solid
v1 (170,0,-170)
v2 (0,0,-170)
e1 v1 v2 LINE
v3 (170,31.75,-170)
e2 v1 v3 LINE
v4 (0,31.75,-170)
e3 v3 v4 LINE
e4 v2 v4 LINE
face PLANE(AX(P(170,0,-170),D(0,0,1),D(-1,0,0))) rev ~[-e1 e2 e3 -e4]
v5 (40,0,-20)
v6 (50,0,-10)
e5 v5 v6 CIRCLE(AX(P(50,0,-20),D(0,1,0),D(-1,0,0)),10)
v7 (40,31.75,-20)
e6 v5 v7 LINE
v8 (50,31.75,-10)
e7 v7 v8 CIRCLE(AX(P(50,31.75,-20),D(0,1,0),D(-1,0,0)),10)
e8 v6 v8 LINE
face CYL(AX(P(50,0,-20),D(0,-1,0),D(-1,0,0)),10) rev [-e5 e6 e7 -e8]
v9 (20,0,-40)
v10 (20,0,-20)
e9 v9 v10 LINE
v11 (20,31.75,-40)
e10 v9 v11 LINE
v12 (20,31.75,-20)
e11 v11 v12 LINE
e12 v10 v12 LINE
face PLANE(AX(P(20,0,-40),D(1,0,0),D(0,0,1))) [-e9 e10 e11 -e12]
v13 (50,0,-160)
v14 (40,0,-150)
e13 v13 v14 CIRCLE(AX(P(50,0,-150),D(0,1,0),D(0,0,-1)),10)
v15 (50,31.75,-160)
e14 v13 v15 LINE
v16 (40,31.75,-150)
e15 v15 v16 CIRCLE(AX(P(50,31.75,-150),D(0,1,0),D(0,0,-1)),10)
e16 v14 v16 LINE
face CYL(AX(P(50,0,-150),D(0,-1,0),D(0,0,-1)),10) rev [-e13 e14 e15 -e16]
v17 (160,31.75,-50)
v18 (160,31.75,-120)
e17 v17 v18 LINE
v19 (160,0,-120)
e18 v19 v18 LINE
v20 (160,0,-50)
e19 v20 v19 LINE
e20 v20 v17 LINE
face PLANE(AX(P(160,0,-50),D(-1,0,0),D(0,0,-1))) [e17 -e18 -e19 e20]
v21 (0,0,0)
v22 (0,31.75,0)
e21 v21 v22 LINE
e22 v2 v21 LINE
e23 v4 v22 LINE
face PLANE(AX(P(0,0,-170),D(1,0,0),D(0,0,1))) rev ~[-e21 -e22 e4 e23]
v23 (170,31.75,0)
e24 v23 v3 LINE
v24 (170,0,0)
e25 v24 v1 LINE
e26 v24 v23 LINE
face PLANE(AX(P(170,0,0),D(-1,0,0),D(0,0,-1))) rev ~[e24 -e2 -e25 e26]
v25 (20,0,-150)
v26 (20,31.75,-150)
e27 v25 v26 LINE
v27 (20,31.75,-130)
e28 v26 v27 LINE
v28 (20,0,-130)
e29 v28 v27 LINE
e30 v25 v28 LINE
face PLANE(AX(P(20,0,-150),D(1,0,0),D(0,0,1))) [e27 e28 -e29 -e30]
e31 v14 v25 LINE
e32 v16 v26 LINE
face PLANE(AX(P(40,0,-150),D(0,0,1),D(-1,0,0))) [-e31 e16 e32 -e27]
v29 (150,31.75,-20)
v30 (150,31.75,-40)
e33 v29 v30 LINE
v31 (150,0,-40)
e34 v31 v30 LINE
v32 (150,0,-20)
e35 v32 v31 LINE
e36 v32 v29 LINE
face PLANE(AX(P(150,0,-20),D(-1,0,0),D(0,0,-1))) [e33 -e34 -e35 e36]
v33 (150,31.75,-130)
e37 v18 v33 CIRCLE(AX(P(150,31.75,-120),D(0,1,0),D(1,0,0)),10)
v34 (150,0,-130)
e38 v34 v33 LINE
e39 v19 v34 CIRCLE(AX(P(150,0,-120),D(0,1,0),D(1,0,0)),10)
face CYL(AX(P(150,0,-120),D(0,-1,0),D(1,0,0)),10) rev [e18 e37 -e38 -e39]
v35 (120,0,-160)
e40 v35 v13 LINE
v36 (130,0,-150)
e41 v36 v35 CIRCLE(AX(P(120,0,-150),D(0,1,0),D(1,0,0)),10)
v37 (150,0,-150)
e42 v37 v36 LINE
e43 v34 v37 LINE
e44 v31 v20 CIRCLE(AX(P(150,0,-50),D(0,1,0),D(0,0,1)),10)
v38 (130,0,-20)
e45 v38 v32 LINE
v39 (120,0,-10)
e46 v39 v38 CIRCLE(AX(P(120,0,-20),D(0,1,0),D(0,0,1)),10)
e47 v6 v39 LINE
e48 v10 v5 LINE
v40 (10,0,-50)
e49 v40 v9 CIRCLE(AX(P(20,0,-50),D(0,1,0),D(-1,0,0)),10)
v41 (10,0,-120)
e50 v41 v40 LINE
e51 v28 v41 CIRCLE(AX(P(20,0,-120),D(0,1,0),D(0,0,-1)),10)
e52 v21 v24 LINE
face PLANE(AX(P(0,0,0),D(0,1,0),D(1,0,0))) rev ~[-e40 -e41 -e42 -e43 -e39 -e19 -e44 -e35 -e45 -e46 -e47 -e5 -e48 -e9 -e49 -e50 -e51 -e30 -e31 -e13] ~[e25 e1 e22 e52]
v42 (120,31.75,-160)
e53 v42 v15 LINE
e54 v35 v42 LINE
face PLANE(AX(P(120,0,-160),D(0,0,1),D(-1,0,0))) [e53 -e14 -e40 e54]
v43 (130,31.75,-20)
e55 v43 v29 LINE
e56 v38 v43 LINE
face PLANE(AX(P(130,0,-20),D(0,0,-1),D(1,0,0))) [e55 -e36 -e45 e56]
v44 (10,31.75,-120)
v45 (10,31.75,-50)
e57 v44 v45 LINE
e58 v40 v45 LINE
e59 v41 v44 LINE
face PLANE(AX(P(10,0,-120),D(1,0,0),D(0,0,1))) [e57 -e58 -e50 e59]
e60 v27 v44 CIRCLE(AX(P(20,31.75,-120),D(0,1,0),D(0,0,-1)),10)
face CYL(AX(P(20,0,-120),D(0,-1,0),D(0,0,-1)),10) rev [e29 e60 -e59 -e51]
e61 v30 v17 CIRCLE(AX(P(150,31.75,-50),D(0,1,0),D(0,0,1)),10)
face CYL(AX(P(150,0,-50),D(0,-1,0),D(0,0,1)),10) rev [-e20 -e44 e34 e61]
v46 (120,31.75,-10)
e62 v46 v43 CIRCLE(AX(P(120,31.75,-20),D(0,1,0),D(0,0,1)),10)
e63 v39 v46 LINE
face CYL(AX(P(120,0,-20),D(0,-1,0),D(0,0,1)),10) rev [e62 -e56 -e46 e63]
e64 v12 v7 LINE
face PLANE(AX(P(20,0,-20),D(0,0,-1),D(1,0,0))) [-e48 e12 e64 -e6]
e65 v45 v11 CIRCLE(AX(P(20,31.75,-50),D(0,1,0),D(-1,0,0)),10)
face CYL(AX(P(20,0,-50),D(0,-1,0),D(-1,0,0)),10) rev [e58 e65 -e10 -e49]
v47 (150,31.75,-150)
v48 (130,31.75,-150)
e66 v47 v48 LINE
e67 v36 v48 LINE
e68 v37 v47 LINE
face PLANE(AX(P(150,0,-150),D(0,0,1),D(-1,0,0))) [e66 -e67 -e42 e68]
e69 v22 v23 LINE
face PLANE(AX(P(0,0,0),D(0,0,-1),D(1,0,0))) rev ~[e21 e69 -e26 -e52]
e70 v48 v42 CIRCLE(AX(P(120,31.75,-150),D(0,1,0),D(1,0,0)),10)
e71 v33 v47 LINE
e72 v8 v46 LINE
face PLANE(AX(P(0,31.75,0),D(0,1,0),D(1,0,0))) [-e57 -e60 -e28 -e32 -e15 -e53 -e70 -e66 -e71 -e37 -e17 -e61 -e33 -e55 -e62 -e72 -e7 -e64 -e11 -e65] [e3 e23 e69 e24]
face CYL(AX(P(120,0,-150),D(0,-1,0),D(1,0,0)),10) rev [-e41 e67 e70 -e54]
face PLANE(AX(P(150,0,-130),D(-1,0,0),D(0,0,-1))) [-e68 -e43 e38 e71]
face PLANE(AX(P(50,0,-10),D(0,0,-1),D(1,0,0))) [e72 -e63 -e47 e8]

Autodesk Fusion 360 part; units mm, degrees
sketch "Sketch1" plane through (0, 0, 0) normal (0, 1, 0) x (1, 0, 0)
  line L0 (0, 0) -> (170, 0)
  line L1 (170, 0) -> (170, 170)
  line L2 (170, 170) -> (0, 170)
  line L3 (0, 170) -> (0, 0)
  line L4 (85, 0) -> (85, 170) construction
  line L5 (150, 150) -> (20, 150)
  line L6 (20, 150) -> (20, 20)
  line L7 (20, 20) -> (150, 20)
  line L8 (150, 20) -> (150, 150)
  line L9 (150, 150) -> (20, 20) construction
  line L10 (20, 150) -> (150, 20) construction
  line L11 (120, 160) -> (50, 160)
  line L12 (40, 150) -> (40, 20) construction
  line L13 (50, 10) -> (120, 10)
  line L14 (130, 20) -> (130, 150) construction
  line L15 (130, 160) -> (40, 10) construction
  line L16 (40, 160) -> (130, 10) construction
  line L17 (150, 130) -> (20, 130) construction
  line L18 (10, 120) -> (10, 50)
  line L19 (20, 40) -> (150, 40) construction
  line L20 (160, 50) -> (160, 120)
  line L21 (160, 130) -> (10, 40) construction
  line L22 (10, 130) -> (160, 40) construction
  arc A0 (50, 160) -> (40, 150) centre (50, 150) ccw
  arc A1 (130, 150) -> (120, 160) centre (120, 150) ccw
  arc A2 (160, 120) -> (150, 130) centre (150, 120) ccw
  arc A3 (150, 40) -> (160, 50) centre (150, 50) ccw
  arc A4 (120, 10) -> (130, 20) centre (120, 20) ccw
  arc A5 (40, 20) -> (50, 10) centre (50, 20) ccw
  arc A6 (10, 50) -> (20, 40) centre (20, 50) ccw
  arc A7 (20, 130) -> (10, 120) centre (20, 120) ccw
  point P0 (85, 85)
  point P1 (85, 85)
  point P2 (85, 85)
  dimension "d1" = 170
  dimension "d2" = 170
  dimension "d3" = 130
  dimension "d4" = 130
  dimension "d5" = 90
  dimension "d6" = 150
  dimension "d7" = 150
  dimension "d8" = 90
  dimension "d9" = 10
  dimension "d10" = 10
  dimension "d11" = 10
  dimension "d12" = 10
  dimension "d13" = 10
  dimension "d14" = 10
  dimension "d15" = 10
  dimension "d16" = 10
extrude "Extrude1" add sketch "Sketch1" along normal blind 31.75
